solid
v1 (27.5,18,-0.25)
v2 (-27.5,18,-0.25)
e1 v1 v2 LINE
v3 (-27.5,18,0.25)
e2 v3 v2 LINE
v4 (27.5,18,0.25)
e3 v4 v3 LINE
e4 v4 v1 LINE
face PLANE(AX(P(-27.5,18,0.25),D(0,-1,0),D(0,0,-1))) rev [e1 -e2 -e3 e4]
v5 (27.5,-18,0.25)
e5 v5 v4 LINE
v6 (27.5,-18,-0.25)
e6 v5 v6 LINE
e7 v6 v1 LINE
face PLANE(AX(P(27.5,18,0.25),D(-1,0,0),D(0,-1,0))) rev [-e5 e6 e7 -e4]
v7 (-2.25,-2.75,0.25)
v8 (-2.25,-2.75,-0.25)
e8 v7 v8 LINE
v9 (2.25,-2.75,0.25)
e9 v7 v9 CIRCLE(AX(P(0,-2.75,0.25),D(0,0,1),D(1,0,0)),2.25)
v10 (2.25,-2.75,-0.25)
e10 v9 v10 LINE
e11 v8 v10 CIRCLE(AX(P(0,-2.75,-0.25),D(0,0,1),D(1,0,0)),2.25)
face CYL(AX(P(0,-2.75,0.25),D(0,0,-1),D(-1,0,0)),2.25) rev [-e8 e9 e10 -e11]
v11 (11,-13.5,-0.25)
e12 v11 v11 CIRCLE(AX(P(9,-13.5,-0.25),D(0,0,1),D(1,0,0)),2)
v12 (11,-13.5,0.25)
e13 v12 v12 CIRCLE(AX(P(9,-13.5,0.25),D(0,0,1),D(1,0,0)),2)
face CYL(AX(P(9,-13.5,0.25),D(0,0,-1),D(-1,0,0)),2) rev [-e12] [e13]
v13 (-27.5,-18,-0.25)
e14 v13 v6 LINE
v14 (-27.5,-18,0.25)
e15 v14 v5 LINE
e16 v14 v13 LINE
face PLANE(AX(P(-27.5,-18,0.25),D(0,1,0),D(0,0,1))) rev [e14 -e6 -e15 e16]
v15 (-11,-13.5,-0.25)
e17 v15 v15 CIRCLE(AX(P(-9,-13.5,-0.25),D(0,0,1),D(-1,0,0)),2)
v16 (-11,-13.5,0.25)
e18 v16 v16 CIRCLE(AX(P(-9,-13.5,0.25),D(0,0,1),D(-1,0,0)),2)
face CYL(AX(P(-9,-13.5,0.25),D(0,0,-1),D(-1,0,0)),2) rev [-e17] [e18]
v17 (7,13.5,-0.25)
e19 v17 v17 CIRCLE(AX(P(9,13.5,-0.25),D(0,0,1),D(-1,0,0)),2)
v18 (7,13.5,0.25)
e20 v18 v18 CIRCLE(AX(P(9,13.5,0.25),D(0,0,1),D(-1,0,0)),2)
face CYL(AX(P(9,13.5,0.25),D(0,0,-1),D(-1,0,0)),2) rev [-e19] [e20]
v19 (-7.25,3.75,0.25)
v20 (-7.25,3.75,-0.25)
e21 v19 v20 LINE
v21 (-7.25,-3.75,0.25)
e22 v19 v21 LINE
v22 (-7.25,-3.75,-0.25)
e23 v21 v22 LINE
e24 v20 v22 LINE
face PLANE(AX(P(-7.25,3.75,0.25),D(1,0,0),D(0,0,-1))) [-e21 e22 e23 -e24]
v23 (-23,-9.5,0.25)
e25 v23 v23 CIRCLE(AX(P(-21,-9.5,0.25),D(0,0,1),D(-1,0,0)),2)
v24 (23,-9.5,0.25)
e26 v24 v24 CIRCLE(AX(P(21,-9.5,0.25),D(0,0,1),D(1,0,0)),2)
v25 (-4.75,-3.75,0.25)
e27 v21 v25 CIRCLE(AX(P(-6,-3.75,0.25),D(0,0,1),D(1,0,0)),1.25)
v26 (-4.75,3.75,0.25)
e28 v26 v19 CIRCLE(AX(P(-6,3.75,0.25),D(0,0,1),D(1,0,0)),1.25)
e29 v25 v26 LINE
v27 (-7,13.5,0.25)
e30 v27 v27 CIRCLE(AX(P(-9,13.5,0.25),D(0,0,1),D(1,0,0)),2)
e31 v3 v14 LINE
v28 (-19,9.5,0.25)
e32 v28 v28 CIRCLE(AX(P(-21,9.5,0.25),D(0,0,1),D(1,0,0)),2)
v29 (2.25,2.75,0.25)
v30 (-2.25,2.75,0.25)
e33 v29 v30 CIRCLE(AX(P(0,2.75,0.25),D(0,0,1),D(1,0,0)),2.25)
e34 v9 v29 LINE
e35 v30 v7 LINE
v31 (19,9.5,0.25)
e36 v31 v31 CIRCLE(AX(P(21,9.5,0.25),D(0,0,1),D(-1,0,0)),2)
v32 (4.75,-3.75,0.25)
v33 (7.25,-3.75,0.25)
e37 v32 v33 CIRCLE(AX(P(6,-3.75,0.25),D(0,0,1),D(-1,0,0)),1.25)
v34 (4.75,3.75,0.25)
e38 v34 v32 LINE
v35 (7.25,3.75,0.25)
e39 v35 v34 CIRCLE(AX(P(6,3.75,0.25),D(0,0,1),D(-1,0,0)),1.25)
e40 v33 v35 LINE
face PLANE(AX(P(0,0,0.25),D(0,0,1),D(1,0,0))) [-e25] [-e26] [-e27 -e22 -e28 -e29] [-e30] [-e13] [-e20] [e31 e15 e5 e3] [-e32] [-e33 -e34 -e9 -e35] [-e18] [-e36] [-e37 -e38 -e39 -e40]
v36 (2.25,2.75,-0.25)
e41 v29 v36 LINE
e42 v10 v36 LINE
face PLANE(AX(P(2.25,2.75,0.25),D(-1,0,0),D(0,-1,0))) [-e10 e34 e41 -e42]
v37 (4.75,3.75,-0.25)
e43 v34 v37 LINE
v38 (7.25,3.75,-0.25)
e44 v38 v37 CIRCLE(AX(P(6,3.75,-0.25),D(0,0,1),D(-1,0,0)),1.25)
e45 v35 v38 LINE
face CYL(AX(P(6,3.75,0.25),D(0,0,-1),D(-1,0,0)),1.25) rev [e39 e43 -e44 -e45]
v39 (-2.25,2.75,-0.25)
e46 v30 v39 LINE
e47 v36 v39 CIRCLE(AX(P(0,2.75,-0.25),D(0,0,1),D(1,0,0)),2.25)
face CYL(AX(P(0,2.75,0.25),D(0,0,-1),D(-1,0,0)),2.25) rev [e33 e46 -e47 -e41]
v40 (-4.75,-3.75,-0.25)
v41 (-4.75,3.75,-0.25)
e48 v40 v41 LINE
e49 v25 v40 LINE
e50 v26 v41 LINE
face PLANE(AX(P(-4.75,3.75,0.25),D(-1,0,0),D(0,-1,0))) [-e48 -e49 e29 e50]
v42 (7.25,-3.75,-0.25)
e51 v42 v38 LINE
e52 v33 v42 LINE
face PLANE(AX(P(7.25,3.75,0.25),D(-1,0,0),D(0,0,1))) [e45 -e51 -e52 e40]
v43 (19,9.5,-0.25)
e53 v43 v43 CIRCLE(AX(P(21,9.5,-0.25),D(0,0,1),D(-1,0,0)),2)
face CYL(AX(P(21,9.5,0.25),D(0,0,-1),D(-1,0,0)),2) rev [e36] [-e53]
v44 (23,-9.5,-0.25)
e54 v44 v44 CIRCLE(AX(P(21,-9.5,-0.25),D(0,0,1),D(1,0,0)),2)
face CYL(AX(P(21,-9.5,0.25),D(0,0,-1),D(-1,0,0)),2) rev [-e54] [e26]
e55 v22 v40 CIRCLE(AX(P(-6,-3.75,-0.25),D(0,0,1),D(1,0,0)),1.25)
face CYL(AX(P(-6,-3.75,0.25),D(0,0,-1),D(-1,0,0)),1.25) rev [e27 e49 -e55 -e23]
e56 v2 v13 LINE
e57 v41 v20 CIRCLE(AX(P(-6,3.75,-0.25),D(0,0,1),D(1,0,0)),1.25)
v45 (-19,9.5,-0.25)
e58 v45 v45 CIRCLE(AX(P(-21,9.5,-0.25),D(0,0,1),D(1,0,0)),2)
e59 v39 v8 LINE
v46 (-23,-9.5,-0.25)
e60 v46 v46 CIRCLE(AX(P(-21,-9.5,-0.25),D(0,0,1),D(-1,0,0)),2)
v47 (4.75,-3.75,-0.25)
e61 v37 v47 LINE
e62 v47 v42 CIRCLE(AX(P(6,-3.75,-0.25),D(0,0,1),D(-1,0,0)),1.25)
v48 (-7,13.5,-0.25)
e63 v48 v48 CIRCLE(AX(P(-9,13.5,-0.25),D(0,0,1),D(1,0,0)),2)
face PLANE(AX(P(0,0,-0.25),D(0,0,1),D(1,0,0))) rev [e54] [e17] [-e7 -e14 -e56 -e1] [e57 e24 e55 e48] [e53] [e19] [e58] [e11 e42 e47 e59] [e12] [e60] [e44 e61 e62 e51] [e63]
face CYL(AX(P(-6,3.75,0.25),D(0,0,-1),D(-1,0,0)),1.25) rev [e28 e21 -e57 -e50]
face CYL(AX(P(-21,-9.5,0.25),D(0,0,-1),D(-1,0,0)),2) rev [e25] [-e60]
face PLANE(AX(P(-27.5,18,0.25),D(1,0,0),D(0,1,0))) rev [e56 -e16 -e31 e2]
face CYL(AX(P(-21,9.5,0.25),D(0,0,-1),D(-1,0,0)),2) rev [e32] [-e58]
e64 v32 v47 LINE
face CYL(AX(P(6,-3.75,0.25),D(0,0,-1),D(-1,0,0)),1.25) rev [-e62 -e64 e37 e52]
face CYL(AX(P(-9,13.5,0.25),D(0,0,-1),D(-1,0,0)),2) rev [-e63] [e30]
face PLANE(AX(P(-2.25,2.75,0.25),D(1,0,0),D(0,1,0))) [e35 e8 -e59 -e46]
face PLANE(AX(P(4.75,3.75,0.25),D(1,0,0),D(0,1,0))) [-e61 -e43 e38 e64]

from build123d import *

# Parameters (mm, degrees)
SKETCH1_W           = 55
SKETCH1_H           = 36
SKETCH1_R           = 2
BOSS_EXTRUDE1_DEPTH = 0.25


with BuildPart() as part:
    # Sketch1 → Boss-Extrude1 (new, symmetric)
    with BuildSketch(Plane.XY):
        Rectangle(SKETCH1_W, SKETCH1_H)
        with Locations((-9, 13.5)):
            Circle(SKETCH1_R, mode=Mode.SUBTRACT)
        with Locations((-21, 9.5)):
            Circle(SKETCH1_R, mode=Mode.SUBTRACT)
        with Locations(Location((-9, -13.5, 0), (0, 0, 180))):
            Circle(SKETCH1_R, mode=Mode.SUBTRACT)
        with Locations(Location((-21, -9.5, 0), (0, 0, 180))):
            Circle(SKETCH1_R, mode=Mode.SUBTRACT)
        with Locations((9, -13.5)):
            Circle(SKETCH1_R, mode=Mode.SUBTRACT)
        with Locations((21, -9.5)):
            Circle(SKETCH1_R, mode=Mode.SUBTRACT)
        with Locations(Location((9, 13.5, 0), (0, 0, 180))):
            Circle(SKETCH1_R, mode=Mode.SUBTRACT)
        with Locations(Location((21, 9.5, 0), (0, 0, 180))):
            Circle(SKETCH1_R, mode=Mode.SUBTRACT)
        with BuildLine():
            Line((2.25, 2.75), (2.25, -2.75))
            ThreePointArc((2.25, -2.75), (0, -5), (-2.25, -2.75))
            Line((-2.25, -2.75), (-2.25, 2.75))
            ThreePointArc((-2.25, 2.75), (0, 5), (2.25, 2.75))
        make_face(mode=Mode.SUBTRACT)
        with BuildLine():
            Line((-4.75, 3.75), (-4.75, -3.75))
            ThreePointArc((-4.75, -3.75), (-6, -5), (-7.25, -3.75))
            Line((-7.25, -3.75), (-7.25, 3.75))
            ThreePointArc((-7.25, 3.75), (-6, 5), (-4.75, 3.75))
        make_face(mode=Mode.SUBTRACT)
        with BuildLine():
            Line((4.75, 3.75), (4.75, -3.75))
            ThreePointArc((4.75, -3.75), (6, -5), (7.25, -3.75))
            Line((7.25, -3.75), (7.25, 3.75))
            ThreePointArc((7.25, 3.75), (6, 5), (4.75, 3.75))
        make_face(mode=Mode.SUBTRACT)
    extrude(amount=BOSS_EXTRUDE1_DEPTH, both=True)


solid = part.part
